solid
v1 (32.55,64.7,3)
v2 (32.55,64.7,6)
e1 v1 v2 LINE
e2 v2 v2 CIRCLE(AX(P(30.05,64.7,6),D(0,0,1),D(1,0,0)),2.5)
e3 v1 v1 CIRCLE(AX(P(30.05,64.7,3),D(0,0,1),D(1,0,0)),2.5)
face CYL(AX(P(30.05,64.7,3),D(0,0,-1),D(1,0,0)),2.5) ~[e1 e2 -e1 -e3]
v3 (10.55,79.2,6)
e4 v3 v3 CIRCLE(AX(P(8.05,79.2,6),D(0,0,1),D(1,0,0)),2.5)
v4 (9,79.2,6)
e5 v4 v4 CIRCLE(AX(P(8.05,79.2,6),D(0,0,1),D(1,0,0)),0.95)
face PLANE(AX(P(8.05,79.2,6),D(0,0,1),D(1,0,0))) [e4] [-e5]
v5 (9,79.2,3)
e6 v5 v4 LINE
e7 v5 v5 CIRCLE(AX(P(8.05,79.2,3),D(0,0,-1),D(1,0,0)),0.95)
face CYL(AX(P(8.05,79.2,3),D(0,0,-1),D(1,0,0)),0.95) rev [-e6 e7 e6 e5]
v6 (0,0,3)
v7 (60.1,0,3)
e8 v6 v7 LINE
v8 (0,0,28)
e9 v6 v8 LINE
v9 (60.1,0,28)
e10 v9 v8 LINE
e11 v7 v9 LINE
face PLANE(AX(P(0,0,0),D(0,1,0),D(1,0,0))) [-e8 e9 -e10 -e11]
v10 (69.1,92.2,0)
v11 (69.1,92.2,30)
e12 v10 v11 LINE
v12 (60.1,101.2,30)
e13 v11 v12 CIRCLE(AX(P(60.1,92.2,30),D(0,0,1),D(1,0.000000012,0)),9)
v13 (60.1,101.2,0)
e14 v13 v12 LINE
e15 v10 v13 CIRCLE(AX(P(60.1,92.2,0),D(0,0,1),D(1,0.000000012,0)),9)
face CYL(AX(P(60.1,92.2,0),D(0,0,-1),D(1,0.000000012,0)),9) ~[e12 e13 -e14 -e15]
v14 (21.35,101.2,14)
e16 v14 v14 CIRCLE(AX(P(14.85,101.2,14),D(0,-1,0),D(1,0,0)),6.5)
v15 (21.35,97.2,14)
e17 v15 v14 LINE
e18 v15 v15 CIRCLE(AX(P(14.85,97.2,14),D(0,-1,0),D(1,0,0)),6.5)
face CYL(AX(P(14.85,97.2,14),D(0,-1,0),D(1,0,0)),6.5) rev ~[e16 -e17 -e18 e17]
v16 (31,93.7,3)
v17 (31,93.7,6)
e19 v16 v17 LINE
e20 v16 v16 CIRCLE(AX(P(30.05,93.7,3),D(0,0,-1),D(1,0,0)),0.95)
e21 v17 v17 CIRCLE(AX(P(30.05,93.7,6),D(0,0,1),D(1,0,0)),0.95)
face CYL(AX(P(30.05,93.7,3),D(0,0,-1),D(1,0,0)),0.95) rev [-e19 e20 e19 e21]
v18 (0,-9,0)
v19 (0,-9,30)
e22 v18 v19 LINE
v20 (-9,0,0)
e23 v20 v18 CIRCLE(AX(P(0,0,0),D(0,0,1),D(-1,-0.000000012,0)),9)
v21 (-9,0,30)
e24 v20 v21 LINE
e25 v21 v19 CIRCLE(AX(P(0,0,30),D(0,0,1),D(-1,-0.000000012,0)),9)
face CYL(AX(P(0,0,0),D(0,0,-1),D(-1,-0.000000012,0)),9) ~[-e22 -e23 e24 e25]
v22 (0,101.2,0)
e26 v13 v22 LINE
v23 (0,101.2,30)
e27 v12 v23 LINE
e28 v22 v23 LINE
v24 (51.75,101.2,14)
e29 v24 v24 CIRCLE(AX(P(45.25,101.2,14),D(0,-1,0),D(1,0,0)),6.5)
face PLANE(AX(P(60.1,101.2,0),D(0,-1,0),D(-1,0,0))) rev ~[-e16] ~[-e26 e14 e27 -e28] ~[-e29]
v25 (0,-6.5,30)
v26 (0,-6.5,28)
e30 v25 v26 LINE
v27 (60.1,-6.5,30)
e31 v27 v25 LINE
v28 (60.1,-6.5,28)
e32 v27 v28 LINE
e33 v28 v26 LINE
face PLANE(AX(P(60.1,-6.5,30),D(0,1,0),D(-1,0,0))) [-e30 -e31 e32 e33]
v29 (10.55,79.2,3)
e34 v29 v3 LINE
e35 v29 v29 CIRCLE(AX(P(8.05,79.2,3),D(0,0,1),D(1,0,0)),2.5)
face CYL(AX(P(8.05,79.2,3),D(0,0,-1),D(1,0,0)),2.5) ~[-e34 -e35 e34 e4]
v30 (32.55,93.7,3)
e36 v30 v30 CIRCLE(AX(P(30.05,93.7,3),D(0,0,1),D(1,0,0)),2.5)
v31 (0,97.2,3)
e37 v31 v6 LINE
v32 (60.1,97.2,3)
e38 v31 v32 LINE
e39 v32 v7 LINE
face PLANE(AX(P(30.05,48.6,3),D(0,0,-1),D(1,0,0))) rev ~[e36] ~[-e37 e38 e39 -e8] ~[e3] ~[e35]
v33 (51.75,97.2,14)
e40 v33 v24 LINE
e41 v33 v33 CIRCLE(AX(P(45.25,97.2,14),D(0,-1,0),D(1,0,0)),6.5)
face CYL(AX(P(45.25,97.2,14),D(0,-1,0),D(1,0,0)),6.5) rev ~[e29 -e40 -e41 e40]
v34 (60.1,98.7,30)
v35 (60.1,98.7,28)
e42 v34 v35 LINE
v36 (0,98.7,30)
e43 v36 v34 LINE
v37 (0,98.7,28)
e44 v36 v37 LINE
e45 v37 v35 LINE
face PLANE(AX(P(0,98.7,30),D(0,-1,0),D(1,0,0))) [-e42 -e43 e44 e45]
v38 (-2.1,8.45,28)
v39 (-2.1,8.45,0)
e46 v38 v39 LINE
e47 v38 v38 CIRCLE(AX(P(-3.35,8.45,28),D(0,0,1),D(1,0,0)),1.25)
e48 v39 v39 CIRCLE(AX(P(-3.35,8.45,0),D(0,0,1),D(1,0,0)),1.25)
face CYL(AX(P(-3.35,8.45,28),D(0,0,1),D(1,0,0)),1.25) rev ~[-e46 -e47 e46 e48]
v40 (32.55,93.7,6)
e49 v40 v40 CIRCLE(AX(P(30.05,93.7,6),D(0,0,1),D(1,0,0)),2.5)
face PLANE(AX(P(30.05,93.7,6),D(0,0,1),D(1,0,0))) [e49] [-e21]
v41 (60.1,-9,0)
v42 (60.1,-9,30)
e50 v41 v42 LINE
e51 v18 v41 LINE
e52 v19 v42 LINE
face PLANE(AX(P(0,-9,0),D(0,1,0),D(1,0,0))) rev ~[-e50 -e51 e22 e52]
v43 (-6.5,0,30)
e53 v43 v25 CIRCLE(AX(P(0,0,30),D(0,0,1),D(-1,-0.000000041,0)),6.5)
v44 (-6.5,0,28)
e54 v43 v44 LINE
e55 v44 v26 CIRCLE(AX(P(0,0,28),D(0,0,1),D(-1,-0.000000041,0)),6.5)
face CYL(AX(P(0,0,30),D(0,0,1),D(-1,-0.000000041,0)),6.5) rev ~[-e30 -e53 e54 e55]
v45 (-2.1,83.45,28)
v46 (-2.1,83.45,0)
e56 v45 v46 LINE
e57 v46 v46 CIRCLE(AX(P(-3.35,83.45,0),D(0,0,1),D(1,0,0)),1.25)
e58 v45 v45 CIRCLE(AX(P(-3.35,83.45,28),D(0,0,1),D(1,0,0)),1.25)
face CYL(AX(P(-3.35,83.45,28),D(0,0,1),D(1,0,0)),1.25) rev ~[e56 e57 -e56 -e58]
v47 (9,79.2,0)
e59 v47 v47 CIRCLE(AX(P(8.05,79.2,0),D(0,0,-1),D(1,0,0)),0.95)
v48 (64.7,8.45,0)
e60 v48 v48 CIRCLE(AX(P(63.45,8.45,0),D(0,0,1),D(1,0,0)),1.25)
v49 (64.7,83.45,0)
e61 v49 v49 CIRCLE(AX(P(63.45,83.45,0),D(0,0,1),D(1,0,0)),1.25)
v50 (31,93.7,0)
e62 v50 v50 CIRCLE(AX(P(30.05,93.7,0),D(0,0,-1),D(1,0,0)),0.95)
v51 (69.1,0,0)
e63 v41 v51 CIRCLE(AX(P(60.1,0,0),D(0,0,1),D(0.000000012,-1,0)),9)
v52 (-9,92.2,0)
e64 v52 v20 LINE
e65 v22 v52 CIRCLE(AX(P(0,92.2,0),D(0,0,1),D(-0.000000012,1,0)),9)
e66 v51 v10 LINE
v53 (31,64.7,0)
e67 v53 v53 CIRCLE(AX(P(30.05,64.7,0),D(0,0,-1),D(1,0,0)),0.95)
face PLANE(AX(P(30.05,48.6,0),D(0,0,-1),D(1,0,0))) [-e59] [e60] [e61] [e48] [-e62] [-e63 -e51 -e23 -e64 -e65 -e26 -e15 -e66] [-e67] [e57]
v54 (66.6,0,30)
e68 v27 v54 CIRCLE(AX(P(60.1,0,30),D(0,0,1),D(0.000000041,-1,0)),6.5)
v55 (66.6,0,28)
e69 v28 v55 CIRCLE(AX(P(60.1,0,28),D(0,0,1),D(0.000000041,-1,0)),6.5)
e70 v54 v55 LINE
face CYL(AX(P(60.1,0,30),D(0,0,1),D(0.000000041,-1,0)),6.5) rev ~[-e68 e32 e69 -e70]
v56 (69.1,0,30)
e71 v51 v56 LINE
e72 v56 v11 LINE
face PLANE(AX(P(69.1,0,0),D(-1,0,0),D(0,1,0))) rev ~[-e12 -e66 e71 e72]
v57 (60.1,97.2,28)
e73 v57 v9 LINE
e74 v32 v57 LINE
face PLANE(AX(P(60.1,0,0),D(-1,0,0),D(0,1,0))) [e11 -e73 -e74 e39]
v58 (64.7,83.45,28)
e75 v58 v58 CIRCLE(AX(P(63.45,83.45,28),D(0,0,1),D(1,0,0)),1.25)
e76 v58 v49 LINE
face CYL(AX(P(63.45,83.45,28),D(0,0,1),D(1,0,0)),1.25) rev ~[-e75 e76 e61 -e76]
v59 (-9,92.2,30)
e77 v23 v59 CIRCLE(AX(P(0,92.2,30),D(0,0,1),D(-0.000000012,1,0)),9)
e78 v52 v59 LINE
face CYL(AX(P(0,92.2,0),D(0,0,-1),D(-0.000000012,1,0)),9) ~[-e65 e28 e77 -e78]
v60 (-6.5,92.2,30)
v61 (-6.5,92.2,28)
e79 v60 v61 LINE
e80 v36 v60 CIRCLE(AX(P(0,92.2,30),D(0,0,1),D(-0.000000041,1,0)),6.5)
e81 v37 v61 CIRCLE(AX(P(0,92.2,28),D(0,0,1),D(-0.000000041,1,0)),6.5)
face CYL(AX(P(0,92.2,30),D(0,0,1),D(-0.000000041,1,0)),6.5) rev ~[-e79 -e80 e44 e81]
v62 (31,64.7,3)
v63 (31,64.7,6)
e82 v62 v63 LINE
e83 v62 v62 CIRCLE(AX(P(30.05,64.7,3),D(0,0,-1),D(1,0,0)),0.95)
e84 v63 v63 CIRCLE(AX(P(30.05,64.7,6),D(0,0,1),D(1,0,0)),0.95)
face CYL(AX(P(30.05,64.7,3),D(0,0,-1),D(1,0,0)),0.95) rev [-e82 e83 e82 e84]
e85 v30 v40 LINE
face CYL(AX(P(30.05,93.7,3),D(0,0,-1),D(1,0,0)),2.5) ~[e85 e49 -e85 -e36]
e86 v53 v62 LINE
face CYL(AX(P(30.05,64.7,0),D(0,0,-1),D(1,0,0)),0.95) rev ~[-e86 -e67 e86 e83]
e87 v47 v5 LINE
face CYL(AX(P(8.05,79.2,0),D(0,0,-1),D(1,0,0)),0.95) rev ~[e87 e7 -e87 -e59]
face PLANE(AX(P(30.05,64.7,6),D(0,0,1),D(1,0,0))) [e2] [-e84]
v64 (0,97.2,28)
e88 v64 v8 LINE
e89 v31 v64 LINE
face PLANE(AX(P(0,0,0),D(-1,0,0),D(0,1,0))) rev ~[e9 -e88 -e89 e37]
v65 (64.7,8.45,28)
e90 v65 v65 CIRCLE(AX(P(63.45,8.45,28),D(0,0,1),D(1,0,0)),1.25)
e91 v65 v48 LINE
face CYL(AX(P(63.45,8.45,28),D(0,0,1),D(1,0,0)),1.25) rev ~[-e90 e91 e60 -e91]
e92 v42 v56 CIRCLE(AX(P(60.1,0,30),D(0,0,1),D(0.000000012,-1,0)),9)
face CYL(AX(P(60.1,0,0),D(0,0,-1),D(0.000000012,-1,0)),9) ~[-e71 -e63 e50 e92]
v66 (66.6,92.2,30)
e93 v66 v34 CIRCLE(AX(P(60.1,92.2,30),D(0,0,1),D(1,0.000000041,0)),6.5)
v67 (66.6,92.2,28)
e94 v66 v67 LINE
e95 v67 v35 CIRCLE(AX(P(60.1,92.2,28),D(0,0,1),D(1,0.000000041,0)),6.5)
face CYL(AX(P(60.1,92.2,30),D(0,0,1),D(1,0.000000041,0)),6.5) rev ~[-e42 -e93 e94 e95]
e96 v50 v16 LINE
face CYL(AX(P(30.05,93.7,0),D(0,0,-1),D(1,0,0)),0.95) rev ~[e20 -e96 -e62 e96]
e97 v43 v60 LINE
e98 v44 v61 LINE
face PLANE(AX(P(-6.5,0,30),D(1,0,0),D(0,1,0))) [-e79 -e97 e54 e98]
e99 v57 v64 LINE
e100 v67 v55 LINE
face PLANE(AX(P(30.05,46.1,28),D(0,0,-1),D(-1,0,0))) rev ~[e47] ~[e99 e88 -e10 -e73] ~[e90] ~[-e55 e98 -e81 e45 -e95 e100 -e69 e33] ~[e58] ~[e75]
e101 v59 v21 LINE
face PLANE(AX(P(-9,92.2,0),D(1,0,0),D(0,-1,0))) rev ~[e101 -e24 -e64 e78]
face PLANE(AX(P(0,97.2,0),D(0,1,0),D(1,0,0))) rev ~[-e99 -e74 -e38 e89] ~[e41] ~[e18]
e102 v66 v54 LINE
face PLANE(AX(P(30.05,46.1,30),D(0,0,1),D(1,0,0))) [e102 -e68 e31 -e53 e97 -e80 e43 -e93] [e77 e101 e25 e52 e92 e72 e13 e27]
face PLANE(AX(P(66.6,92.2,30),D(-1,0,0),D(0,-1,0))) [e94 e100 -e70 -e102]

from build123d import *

# Parameters (mm, degrees)
SKETCH_W        = 60.1
SKETCH_H        = 97.2
PAD_DEPTH       = 30
POCKET_DEPTH    = 2
SKETCH002_W     = 60.1
SKETCH002_H     = 97.2
SKETCH002_R     = 0.95
PAD001_DEPTH    = 3
SKETCH003_R     = 2.5
SKETCH003_R_2   = 0.95
PAD002_DEPTH    = 3
SKETCH004_R     = 6.5
POCKET001_DEPTH = 4.001
SKETCH005_R     = 1.25
POCKET002_DEPTH = 28.001


with BuildPart() as part:
    # Sketch → Pad (new body)
    with BuildSketch(Plane.XY):
        with BuildLine():
            Line((0, -9), (60.1, -9))
            ThreePointArc((60.1, -9), (66.463961, -6.363961), (69.1, 0))
            Line((69.1, 0), (69.1, 92.2))
            ThreePointArc((69.1, 92.2), (66.463961, 98.563961), (60.1, 101.2))
            Line((60.1, 101.2), (0, 101.2))
            ThreePointArc((0, 101.2), (-6.363961, 98.563961), (-9, 92.2))
            Line((-9, 92.2), (-9, 0))
            ThreePointArc((-9, 0), (-6.363961, -6.363961), (0, -9))
        make_face()
        with Locations((30.05, 48.6)):
            Rectangle(SKETCH_W, SKETCH_H, mode=Mode.SUBTRACT)
    extrude(amount=PAD_DEPTH)

    # Sketch001 (on Face14 of Pad) → Pocket (cut)
    with BuildSketch(Plane.XY.offset(30)):
        with BuildLine():
            Line((0, 98.7), (60.1, 98.7))
            ThreePointArc((66.6, 92.2), (64.696194, 96.796194), (60.1, 98.7))
            Line((66.6, 92.2), (66.6, 0))
            ThreePointArc((60.1, -6.5), (64.696194, -4.596194), (66.6, 0))
            Line((60.1, -6.5), (0, -6.5))
            ThreePointArc((-6.5, 0), (-4.596194, -4.596194), (0, -6.5))
            Line((-6.5, 0), (-6.5, 92.2))
            ThreePointArc((0, 98.7), (-4.596194, 96.796194), (-6.5, 92.2))
        make_face()
    extrude(amount=-POCKET_DEPTH, mode=Mode.SUBTRACT)

    # Sketch002 (on Face4 of Pocket) → Pad001 (join)
    with BuildSketch(Plane(origin=(0, 0, 0), x_dir=(1, 0, 0), z_dir=(0, 0, -1))):
        with Locations((30.05, -48.6)):
            Rectangle(SKETCH002_W, SKETCH002_H)
        with Locations((8.05, -79.2)):
            Circle(SKETCH002_R, mode=Mode.SUBTRACT)
        with Locations((30.05, -64.7)):
            Circle(SKETCH002_R, mode=Mode.SUBTRACT)
        with Locations((30.05, -93.7)):
            Circle(SKETCH002_R, mode=Mode.SUBTRACT)
    extrude(amount=-PAD001_DEPTH)

    # Sketch003 (on Face24 of Pad001) → Pad002 (join)
    with BuildSketch(Plane.XY.offset(3)):
        with Locations((8.05, 79.2)):
            Circle(SKETCH003_R)
        with Locations((8.05, 79.2)):
            Circle(SKETCH003_R_2, mode=Mode.SUBTRACT)
        with Locations((30.05, 93.7)):
            Circle(SKETCH003_R)
        with Locations((30.05, 93.7)):
            Circle(SKETCH003_R_2, mode=Mode.SUBTRACT)
        with Locations((30.05, 64.7)):
            Circle(SKETCH003_R)
        with Locations((30.05, 64.7)):
            Circle(SKETCH003_R_2, mode=Mode.SUBTRACT)
    extrude(amount=PAD002_DEPTH)

    # Sketch004 (on Face28 of Pad002) → Pocket001 (cut, through all)
    with BuildSketch(Plane.XZ.offset(-97.2)):
        with Locations((14.85, 14)):
            Circle(SKETCH004_R)
        with Locations((45.25, 14)):
            Circle(SKETCH004_R)
    extrude(amount=-POCKET001_DEPTH, mode=Mode.SUBTRACT)

    # Sketch005 (on Face25 of Pocket001) → Pocket002 (cut, through all)
    with BuildSketch(Plane.XY.offset(28)):
        with Locations((-3.35, 83.45)):
            Circle(SKETCH005_R)
        with Locations((-3.35, 8.45)):
            Circle(SKETCH005_R)
        with Locations((63.45, 83.45)):
            Circle(SKETCH005_R)
        with Locations((63.45, 8.45)):
            Circle(SKETCH005_R)
    extrude(amount=-POCKET002_DEPTH, mode=Mode.SUBTRACT)


solid = part.part
